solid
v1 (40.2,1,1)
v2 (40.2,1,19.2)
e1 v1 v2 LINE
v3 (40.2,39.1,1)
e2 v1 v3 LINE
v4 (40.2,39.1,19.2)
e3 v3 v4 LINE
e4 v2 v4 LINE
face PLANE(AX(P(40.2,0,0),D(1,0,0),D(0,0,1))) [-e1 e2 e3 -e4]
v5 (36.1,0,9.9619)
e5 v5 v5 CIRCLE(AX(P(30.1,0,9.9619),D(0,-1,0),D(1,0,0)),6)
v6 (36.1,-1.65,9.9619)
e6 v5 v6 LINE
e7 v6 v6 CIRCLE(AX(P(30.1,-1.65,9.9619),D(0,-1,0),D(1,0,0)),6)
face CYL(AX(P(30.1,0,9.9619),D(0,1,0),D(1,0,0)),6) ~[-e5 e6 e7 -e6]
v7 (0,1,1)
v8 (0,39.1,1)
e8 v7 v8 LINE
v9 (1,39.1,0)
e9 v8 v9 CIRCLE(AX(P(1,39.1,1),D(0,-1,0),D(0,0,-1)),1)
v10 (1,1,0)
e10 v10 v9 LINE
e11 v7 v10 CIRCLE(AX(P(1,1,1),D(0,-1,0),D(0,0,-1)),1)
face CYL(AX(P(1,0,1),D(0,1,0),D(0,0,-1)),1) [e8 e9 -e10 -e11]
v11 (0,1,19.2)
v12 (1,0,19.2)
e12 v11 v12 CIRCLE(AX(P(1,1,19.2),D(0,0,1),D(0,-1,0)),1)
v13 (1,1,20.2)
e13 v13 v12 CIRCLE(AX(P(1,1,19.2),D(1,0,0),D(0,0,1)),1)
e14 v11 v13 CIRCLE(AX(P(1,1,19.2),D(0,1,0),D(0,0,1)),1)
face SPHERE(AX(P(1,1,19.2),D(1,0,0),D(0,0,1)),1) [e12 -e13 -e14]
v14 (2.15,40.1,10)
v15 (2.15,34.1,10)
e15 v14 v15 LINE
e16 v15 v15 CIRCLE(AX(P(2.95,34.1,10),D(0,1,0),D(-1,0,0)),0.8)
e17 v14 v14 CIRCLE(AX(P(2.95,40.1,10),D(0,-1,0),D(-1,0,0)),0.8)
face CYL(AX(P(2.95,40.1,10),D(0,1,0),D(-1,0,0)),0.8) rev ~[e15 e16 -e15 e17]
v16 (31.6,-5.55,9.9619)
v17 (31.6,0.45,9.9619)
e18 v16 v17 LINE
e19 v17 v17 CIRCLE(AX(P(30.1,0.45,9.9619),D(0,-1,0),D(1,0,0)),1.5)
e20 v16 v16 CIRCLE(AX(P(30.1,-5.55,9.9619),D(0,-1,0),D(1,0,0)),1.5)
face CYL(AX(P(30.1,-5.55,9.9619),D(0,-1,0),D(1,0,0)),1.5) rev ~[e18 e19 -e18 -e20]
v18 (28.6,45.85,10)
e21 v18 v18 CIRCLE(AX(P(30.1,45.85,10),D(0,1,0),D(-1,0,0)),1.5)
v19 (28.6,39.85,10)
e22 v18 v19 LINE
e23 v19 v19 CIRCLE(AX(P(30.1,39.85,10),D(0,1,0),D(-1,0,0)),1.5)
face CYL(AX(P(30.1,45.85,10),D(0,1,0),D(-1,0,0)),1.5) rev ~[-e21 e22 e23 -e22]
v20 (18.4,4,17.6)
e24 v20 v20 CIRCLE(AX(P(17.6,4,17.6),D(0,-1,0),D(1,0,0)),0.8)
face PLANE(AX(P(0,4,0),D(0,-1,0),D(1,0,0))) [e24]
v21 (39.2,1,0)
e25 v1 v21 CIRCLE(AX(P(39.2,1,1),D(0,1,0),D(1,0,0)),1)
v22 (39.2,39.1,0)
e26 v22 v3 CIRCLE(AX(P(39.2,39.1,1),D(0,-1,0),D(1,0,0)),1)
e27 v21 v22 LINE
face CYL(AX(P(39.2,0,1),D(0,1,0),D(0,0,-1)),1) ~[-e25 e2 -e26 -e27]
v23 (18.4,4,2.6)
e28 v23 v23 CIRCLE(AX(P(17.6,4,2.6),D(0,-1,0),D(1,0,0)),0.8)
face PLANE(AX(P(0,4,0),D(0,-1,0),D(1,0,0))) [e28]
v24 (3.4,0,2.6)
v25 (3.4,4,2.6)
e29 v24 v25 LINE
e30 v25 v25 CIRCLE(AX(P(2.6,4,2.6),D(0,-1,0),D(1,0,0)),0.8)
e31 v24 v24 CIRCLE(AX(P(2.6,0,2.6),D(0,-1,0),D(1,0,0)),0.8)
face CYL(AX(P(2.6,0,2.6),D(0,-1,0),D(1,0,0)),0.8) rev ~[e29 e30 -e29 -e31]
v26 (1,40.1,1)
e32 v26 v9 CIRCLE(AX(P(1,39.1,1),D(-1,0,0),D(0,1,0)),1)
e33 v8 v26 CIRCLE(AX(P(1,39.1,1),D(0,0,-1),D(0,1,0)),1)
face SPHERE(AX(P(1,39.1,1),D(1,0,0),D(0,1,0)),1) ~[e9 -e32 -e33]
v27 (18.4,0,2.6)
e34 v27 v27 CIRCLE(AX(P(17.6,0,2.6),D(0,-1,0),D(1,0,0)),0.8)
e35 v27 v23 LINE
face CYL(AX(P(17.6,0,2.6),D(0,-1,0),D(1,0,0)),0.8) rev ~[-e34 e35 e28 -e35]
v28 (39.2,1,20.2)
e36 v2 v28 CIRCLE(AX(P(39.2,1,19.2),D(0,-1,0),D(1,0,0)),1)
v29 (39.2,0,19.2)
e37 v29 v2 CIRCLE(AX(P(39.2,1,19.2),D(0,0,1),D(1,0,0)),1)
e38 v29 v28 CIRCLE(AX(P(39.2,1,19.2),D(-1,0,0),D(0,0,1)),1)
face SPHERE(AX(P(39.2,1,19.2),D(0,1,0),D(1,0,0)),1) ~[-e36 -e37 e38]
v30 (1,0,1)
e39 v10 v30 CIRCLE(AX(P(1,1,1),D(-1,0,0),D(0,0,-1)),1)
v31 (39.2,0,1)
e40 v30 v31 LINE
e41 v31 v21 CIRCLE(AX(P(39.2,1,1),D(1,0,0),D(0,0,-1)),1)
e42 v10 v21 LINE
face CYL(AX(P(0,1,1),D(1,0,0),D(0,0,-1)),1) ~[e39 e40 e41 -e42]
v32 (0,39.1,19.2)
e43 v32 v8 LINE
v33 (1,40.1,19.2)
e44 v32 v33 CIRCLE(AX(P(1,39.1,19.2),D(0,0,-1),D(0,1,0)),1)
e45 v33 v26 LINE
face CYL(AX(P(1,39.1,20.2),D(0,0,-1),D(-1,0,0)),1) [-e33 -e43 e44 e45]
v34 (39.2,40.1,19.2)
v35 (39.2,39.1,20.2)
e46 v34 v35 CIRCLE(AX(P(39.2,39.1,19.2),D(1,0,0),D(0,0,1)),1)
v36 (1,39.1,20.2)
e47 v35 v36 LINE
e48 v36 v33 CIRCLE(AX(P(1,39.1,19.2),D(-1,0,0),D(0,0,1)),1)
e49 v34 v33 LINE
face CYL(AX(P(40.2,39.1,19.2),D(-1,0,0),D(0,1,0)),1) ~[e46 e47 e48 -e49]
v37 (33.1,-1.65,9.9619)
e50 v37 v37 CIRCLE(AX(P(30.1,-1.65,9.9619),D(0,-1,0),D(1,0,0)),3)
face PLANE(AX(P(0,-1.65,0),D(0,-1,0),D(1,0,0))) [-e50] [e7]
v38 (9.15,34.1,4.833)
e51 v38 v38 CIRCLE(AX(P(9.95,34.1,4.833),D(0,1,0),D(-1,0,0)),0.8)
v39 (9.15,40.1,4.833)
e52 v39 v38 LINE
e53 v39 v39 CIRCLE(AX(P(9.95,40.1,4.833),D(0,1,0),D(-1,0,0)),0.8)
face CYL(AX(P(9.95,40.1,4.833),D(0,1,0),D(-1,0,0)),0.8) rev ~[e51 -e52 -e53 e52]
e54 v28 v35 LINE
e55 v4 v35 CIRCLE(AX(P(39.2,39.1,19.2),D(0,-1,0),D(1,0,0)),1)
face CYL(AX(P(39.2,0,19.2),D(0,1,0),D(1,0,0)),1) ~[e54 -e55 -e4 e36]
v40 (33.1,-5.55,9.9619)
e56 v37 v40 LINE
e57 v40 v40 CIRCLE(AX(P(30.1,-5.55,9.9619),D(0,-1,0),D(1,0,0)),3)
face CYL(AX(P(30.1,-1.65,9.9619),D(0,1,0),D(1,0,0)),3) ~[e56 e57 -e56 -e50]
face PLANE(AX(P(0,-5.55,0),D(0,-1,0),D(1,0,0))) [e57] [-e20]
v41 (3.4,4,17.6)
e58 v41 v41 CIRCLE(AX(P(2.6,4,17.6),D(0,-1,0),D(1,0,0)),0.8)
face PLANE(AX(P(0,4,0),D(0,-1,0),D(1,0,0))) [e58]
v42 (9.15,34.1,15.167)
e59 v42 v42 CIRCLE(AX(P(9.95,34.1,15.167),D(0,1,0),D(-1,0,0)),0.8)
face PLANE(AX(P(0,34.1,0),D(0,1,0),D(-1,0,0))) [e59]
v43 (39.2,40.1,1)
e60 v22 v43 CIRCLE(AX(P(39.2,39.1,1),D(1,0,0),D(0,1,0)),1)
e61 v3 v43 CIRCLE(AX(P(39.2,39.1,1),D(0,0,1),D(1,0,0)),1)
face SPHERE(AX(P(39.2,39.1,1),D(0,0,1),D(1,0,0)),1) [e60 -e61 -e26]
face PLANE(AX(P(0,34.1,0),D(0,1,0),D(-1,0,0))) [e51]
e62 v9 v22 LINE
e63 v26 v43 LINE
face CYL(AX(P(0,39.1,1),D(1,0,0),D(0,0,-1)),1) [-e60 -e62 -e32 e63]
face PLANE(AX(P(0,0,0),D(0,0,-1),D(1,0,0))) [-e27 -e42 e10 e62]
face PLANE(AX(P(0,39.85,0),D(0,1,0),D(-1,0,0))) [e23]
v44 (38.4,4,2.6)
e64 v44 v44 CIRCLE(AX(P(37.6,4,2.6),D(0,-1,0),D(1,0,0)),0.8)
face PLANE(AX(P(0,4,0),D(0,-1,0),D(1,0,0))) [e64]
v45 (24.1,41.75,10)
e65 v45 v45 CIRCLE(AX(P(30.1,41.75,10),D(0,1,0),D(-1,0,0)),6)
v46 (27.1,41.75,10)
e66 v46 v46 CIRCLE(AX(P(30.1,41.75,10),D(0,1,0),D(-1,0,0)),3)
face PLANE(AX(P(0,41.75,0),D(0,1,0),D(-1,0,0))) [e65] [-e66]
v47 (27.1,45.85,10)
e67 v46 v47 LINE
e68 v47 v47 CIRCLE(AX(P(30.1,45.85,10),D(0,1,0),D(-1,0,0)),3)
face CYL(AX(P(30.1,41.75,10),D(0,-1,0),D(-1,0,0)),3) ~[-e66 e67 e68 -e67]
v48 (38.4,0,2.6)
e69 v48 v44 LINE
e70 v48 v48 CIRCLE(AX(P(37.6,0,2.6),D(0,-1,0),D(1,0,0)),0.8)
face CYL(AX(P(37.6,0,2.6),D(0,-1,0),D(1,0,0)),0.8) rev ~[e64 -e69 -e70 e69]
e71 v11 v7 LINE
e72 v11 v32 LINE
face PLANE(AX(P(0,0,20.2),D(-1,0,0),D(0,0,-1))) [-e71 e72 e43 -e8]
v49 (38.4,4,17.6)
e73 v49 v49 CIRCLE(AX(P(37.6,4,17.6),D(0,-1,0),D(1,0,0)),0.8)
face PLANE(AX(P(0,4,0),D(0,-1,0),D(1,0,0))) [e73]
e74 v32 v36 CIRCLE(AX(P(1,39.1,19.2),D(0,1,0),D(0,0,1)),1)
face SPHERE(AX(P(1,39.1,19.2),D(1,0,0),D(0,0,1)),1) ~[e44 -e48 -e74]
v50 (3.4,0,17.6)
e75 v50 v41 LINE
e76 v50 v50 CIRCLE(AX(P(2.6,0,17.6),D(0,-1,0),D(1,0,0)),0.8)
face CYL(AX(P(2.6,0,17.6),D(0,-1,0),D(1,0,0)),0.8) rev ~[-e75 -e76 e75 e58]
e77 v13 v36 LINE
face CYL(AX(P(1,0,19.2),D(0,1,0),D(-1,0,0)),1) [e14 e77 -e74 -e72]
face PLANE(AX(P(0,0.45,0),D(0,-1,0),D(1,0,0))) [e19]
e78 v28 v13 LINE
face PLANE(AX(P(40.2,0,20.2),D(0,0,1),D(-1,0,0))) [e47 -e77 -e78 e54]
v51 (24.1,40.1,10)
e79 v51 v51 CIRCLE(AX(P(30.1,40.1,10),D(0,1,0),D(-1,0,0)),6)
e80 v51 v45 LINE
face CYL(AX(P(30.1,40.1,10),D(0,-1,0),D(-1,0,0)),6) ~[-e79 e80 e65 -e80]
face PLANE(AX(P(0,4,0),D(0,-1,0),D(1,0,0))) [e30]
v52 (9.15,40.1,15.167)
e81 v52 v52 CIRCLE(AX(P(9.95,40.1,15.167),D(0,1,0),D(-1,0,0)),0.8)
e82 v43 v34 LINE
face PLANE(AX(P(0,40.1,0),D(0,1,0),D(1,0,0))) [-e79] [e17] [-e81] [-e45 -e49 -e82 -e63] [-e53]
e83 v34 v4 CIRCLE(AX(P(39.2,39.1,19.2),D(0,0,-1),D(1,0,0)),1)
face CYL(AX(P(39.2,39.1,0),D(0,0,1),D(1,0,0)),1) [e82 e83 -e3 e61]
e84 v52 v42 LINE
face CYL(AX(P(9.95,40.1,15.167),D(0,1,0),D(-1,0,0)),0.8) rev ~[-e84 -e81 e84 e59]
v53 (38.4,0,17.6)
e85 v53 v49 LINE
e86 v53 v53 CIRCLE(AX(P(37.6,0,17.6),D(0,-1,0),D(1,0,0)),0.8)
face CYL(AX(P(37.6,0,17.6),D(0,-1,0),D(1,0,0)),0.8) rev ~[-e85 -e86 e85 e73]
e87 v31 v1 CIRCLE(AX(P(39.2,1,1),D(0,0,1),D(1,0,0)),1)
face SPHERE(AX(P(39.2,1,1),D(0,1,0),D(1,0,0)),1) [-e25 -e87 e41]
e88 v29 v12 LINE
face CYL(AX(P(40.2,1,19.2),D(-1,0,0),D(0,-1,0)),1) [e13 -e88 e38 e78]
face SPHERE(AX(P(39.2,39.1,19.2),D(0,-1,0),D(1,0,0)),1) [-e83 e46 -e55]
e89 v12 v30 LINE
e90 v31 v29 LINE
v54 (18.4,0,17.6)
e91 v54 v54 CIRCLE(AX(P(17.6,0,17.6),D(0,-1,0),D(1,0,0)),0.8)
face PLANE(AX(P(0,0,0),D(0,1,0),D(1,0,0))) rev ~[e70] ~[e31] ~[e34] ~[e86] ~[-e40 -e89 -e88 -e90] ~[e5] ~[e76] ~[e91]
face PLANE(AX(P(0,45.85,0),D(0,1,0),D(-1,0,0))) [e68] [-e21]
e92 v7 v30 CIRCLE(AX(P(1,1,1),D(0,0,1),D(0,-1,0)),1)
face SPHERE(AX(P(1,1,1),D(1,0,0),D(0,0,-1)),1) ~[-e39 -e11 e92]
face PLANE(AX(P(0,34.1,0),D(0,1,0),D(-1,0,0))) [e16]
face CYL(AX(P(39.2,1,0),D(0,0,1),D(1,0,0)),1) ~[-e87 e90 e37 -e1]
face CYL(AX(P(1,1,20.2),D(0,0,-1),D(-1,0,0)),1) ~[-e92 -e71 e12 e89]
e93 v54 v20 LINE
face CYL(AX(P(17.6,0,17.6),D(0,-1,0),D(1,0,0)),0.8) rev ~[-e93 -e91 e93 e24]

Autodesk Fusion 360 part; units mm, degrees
sketch "草图1" plane through (0, 0, 0) normal (0, 1, 0) x (1, 0, 0)
  line L0 (0, 0) -> (40.2, 0)
  line L1 (40.2, 0) -> (40.2, -20.2)
  line L2 (40.2, -20.2) -> (0, -20.2)
  line L3 (0, -20.2) -> (0, 0)
  dimension "d1" = 20.2
  dimension "d2" = 40.2
extrude "拉伸1" add sketch "草图1" along normal blind 40.1 makes body 1
sketch "草图2" plane through (0, 0, 0) normal (0, -1, 0) x (1, 0, 0)
  line L0 (40.2, 20.2) -> (0, 20.2)
  line L1 (0, 20.2) -> (0, 0)
  line L2 (0, 0) -> (40.2, 0)
  line L3 (40.2, 0) -> (40.2, 20.2)
  line L4 (20.1, 23) -> (20.1, -21)
  line L5 (2.071, 10.1) -> (35, 10.1)
  circle A0 centre (2.6, 17.6) radius 0.8
  circle A1 centre (37.6, 17.6) radius 0.8
  circle A2 centre (2.6, 2.6) radius 0.8
  circle A3 centre (37.6, 2.6) radius 0.8
  circle A4 centre (17.6, 17.6) radius 0.8
  circle A5 centre (17.6, 2.6) radius 0.8
  dimension "d5" = 1.6
  dimension "d6" = 15
  dimension "d7" = 35
  dimension "d8" = 1.6
  dimension "d9" = 5
  dimension "d12" = 15
extrude "拉伸2" cut sketch "草图2" against normal blind 4 contours A0 | A1 | A2 | A3 | A4 | A5 bodies 1
sketch "草图3" plane through (0, 0, 0) normal (0, -1, 0) x (1, 0, 0)
  circle A0 centre (17.6, 2.6) radius 0.8
  circle A1 centre (2.6, 17.6) radius 0.8
  circle A2 centre (37.6, 17.6) radius 0.8
  circle A3 centre (17.6, 17.6) radius 0.8
  circle A4 centre (2.6, 2.6) radius 0.8
  circle A5 centre (37.6, 2.6) radius 0.8
  line L0 (40.2, 20.2) -> (0, 20.2)
  line L1 (0, 20.2) -> (0, 0)
  line L2 (0, 0) -> (40.2, 0)
  line L3 (40.2, 0) -> (40.2, 20.2)
  line L4 (20.1, 18.9238) -> (20.1, 1)
  circle A6 centre (30.1, 9.9619) radius 6
  dimension "d13" = 12
  dimension "d29" = 20
extrude "拉伸3" add sketch "草图3" along normal blind 1.65 contours A6 bodies 1
sketch "草图4" plane through (0, -1.65, 0) normal (0, -1, 0) x (1, 0, 0)
  circle A0 centre (30.1, 9.9619) radius 6
  circle A1 centre (30.1, 9.9619) radius 3
  dimension "d16" = 6
extrude "拉伸4" add sketch "草图4" along normal blind 3.9 contours A1 bodies 1
sketch "草图5" plane through (0, 40.1, 0) normal (0, 1, 0) x (-1, 0, 0)
  line L0 (0, 20.2) -> (-40.2, 20.2)
  line L1 (-40.2, 20.2) -> (-40.2, 0)
  line L2 (-40.2, 0) -> (0, 0)
  line L3 (0, 0) -> (0, 20.2)
  line L4 (-20.1, 1) -> (-20.1, 25)
  circle A0 centre (-30.1, 10) radius 6
  dimension "d19" = 12
  dimension "d20" = 20
extrude "拉伸5" add sketch "草图5" along normal blind 1.65 contours A0 bodies 1
sketch "草图6" plane through (0, 41.75, 0) normal (0, 1, 0) x (-1, 0, 0)
  circle A0 centre (-30.1, 10) radius 6
  circle A1 centre (-30.1, 10) radius 3
  dimension "d23" = 6
extrude "拉伸6" add sketch "草图6" along normal blind 4.1 contours A1 bodies 1
sketch "草图7" plane through (0, 45.85, 0) normal (0, 1, 0) x (-1, 0, 0)
  circle A0 centre (-30.1, 10) radius 3
  circle A1 centre (-30.1, 10) radius 1.5
  dimension "d26" = 3
extrude "拉伸7" cut sketch "草图7" against normal blind 6 contours A1 bodies 1
sketch "草图8" plane through (0, 40.1, 0) normal (0, 1, 0) x (-1, 0, 0)
  circle A0 centre (-30.1, 10) radius 6
  line L0 (0, 20.2) -> (-40.2, 20.2)
  line L1 (-40.2, 20.2) -> (-40.2, 0)
  line L2 (-40.2, 0) -> (0, 0)
  line L3 (0, 0) -> (0, 20.2)
  line L4 (-20.1, 25.0001) -> (-20.1, -10.3333)
  circle A1 centre (-2.95, 10) radius 0.8
  line L5 (-39, 10) -> (5, 10)
  circle A2 centre (-9.95, 15.167) radius 0.8
  circle A3 centre (-9.95, 4.833) radius 0.8
  dimension "d30" = 1.6
  dimension "d31" = 34.3
  dimension "d32" = 1.6
  dimension "d33" = 7
extrude "拉伸8" cut sketch "草图8" against normal blind 6 contours A1 L5 | A1 L5 | A2 | A3 bodies 1
fillet "圆角1" radius 1 12 edges at (40.2, 20.05, 20.2) (40.2, 40.1, 10.1) (40.2, 20.05, 0) (40.2, 0, 10.1) (20.1, 40.1, 0) (20.1, 40.1, 20.2) (20.1, 0, 20.2) (20.1, 0, 0) (0, 20.05, 20.2) (0, 40.1, 10.1) (0, 20.05, 0) (0, 0, 10.1) on bodies 1
sketch "草图9" plane through (0, -5.55, 0) normal (0, -1, 0) x (1, 0, 0)
  circle A0 centre (30.1, 9.9619) radius 3
  circle A1 centre (30.1, 9.9619) radius 1.5
  dimension "d38" = 3
extrude "拉伸9" cut sketch "草图9" against normal blind 6 contours A1 bodies 1
copy_body "实体->零部件1" bodies 1 removing the originals makes body 2 in component "Component'"
component "Component'" placed x (1, 0, 0) y (0, 1, 0) z (0, 0, 1) at (0, 0, 0)
